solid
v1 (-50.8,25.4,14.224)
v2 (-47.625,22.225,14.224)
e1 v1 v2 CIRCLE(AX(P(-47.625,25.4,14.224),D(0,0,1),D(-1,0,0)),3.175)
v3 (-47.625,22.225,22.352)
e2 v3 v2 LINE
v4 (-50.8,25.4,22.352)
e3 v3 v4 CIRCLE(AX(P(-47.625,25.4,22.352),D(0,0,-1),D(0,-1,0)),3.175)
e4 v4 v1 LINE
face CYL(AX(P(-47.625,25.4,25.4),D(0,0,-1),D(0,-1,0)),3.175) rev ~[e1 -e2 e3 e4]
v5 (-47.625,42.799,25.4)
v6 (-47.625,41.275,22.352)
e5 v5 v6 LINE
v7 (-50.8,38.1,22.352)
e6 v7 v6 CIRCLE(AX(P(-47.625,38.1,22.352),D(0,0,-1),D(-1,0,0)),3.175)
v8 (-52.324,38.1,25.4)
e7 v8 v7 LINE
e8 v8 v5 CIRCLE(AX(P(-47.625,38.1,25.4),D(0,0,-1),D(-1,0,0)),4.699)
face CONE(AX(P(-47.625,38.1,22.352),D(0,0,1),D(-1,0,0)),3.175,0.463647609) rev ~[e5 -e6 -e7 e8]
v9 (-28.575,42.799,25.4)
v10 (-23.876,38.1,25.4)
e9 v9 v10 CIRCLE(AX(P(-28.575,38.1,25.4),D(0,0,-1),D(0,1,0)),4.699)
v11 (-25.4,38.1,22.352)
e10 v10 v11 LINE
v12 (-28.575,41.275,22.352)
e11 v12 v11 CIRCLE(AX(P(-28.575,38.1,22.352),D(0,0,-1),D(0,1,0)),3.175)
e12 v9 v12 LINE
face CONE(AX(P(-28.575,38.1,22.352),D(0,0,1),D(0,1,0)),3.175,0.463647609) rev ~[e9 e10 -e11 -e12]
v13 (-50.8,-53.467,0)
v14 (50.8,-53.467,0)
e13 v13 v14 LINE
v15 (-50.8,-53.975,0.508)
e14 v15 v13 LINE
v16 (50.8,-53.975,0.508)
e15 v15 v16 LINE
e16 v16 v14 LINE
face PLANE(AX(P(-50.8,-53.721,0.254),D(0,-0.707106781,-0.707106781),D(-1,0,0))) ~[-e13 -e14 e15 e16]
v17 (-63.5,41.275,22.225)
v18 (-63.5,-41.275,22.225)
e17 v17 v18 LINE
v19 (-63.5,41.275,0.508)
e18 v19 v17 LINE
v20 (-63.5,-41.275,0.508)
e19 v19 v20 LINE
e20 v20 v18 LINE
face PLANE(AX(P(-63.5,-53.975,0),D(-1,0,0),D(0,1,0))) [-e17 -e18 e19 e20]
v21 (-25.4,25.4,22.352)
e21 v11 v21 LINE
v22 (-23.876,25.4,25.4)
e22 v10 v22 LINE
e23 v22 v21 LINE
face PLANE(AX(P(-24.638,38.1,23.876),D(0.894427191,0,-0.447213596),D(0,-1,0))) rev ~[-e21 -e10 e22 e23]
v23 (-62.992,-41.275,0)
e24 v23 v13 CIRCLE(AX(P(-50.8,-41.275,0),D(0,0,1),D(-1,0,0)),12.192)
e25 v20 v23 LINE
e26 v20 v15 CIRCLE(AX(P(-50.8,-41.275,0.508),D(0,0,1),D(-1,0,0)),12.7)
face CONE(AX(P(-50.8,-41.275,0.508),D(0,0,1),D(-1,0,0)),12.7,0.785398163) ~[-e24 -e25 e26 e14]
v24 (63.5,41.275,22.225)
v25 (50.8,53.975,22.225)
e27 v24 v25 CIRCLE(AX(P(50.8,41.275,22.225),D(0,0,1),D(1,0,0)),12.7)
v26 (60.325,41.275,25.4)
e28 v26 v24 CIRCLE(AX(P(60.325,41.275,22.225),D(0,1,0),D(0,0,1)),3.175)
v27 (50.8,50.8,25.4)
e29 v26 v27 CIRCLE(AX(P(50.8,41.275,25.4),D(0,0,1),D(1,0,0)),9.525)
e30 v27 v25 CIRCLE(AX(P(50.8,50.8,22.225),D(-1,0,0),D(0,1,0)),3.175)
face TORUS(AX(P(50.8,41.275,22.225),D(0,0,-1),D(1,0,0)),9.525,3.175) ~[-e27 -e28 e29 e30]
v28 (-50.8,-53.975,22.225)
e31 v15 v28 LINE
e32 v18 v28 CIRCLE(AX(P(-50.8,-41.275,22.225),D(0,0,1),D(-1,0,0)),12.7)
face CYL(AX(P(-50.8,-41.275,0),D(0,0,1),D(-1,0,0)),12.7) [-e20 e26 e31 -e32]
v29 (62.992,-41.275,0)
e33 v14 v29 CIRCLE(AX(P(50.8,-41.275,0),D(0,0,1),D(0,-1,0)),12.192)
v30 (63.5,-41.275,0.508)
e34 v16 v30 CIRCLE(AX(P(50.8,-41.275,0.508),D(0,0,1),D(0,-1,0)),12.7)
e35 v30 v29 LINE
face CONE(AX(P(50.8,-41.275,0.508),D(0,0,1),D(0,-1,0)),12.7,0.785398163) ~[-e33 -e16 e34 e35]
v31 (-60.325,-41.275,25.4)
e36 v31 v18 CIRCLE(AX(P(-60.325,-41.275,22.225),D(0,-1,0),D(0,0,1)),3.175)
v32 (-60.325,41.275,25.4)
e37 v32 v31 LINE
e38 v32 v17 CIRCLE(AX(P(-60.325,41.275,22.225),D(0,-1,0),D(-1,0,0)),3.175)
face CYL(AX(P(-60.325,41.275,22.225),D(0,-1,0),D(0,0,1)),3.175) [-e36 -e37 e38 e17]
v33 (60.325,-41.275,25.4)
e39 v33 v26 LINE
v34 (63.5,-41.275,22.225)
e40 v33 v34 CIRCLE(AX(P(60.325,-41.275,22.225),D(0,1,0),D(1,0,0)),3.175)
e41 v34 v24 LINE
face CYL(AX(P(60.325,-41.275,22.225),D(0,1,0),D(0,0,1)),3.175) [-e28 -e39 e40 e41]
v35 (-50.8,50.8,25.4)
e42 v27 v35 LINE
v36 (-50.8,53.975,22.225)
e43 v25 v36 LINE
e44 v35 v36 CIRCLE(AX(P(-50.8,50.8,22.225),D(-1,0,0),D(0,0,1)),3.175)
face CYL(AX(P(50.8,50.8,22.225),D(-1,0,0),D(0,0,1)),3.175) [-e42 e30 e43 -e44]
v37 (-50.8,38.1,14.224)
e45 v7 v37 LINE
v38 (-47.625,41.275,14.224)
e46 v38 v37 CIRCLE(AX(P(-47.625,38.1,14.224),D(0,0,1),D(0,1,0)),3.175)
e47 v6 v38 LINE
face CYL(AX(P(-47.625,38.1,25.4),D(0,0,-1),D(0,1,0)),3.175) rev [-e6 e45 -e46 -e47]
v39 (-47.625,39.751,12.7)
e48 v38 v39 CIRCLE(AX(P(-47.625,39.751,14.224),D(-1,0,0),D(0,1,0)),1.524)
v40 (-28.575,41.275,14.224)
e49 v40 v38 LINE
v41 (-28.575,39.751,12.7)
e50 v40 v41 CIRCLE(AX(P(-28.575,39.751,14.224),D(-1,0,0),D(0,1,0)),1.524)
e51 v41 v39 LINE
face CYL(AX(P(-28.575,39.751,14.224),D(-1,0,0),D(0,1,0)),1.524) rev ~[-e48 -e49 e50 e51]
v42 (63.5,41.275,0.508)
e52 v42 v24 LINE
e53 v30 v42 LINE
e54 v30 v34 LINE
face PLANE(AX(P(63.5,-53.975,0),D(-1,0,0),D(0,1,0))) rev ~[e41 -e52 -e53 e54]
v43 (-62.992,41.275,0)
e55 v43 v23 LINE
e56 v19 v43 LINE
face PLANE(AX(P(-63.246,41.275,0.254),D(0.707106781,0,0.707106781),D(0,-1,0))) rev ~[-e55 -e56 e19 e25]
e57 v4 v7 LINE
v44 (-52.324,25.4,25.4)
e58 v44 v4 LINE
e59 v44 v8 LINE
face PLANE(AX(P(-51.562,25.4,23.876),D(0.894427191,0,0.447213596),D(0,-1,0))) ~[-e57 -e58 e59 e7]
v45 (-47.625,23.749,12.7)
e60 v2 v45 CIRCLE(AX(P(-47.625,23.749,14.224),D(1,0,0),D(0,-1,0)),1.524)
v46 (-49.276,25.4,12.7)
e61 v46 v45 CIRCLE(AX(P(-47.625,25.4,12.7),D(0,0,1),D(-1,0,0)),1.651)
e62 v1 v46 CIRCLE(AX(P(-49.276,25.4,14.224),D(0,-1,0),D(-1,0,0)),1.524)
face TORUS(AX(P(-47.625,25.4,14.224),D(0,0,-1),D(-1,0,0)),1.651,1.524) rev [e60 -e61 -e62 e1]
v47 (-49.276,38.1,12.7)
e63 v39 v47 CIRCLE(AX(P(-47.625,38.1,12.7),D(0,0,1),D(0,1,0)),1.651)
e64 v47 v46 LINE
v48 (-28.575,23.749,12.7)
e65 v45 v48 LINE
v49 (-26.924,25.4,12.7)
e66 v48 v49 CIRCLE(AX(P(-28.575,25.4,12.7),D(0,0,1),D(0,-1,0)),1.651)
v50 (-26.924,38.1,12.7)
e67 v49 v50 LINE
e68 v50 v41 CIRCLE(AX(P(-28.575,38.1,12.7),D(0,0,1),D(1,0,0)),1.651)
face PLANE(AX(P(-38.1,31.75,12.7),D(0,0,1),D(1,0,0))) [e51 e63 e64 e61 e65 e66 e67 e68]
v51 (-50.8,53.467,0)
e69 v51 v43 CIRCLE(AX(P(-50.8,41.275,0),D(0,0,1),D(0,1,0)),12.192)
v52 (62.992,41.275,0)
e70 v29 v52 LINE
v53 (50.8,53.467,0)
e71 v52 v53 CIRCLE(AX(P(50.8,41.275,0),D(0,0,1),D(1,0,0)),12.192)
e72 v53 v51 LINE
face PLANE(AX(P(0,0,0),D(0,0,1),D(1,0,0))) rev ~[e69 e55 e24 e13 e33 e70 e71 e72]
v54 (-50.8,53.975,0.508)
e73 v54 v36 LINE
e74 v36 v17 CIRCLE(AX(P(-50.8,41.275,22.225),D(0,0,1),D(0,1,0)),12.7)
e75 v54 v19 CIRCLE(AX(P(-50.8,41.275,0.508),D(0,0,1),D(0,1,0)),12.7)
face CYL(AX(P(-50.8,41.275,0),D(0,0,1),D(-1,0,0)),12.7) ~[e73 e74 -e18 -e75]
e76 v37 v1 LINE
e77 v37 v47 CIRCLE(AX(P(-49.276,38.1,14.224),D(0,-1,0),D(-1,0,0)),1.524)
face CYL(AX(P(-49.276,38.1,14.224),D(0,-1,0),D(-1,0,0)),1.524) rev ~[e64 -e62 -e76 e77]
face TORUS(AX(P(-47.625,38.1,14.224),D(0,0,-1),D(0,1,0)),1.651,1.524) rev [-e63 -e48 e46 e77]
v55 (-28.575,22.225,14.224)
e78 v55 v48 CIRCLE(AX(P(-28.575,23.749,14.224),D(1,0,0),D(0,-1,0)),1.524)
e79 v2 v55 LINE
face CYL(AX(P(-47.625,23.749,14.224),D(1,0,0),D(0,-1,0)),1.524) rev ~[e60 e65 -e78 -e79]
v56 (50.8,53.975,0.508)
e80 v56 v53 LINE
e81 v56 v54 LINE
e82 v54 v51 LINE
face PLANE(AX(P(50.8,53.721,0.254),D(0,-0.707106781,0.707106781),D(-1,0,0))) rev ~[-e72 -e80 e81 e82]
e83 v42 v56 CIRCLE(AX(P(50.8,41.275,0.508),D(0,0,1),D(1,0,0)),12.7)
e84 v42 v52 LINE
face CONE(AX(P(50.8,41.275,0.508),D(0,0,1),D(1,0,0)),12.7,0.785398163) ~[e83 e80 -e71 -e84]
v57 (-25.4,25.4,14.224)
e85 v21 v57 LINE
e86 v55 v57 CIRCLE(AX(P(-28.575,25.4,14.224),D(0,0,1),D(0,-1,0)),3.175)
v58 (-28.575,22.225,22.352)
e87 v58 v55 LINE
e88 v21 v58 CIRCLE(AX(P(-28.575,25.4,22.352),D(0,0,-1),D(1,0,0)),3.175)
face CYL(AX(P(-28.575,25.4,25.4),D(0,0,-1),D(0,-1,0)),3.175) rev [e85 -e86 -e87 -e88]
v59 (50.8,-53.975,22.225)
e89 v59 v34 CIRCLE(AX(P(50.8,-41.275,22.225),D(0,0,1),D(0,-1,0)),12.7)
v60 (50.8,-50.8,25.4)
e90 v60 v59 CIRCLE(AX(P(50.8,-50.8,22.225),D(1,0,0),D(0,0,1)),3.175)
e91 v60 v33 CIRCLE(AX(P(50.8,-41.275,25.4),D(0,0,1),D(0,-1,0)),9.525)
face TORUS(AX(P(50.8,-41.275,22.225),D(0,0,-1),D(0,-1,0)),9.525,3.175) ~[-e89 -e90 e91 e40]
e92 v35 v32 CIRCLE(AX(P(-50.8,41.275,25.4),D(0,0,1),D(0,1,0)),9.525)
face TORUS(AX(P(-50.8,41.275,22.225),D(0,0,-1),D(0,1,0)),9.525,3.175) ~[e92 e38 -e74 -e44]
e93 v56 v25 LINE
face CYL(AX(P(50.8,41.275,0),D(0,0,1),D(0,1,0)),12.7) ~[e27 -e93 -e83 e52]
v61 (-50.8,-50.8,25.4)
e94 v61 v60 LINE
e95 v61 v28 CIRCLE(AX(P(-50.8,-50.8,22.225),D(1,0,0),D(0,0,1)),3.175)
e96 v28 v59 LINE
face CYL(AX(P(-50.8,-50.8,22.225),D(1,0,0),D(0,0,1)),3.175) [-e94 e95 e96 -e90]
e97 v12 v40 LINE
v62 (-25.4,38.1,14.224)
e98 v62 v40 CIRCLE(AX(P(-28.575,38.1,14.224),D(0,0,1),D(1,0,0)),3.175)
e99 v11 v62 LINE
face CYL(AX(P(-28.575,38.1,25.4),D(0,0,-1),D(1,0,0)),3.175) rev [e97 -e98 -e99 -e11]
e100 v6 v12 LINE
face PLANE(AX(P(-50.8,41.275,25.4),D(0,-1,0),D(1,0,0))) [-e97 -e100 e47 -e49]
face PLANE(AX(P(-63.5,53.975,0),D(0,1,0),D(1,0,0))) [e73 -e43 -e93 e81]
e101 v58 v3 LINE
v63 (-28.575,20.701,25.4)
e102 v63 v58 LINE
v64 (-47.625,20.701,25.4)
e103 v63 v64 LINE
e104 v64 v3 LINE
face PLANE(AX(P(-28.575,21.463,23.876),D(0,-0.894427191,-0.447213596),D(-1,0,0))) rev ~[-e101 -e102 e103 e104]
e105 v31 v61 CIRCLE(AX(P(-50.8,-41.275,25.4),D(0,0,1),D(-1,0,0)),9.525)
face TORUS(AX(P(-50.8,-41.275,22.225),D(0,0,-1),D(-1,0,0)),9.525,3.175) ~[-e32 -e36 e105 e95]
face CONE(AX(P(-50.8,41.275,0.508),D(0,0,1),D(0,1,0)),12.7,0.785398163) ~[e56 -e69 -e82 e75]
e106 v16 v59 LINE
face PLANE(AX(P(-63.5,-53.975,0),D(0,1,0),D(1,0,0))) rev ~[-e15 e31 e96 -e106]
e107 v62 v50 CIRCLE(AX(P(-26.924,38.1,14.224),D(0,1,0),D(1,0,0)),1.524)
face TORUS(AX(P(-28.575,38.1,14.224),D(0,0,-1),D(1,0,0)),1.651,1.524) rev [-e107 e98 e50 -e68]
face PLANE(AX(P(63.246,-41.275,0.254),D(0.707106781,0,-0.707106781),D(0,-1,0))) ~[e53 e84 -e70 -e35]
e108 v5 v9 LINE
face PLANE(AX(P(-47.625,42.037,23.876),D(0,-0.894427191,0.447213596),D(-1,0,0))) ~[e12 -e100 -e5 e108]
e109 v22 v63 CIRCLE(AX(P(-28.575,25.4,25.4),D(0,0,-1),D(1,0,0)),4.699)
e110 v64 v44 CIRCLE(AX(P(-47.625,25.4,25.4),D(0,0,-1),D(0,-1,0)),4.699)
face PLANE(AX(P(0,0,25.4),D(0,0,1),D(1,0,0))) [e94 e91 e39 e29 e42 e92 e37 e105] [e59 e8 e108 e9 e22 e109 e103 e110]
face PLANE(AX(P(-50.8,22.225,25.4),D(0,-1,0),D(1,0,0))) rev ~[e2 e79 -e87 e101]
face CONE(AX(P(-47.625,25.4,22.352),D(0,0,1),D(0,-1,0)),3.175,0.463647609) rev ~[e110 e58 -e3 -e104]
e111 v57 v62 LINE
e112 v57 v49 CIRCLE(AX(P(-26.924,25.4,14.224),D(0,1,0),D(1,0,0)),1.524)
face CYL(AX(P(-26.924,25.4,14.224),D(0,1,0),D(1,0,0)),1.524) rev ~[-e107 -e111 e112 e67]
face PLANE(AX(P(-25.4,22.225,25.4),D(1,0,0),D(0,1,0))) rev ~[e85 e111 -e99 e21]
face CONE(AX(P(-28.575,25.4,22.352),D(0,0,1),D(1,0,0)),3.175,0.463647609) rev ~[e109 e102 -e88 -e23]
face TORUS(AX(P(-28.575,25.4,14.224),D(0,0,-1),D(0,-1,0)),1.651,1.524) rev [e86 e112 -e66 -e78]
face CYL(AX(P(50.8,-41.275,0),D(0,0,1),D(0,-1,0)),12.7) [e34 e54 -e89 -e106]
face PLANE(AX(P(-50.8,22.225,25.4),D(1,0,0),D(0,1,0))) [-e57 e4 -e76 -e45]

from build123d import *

# Parameters (mm, degrees)
F0_W     = 127
F0_H     = 107.95
F1_DEPTH = 25.4
F2_W     = 25.4
F2_H     = 19.05
F3_DEPTH = 12.7
F4_R     = 3.175
F5_R     = 1.524
F6_R     = 12.7
F7_R     = 3.175
F8_SIZE  = 0.508
F9_SIZE2 = 3.048
F9_SIZE  = 1.524


with BuildPart() as f1:
    # F0 (on Top) → F1 (new body)
    with BuildSketch(Plane.XY):
        Rectangle(F0_W, F0_H)
    extrude(amount=F1_DEPTH)

    # F2 (on face) → F3 (cut)
    with BuildSketch(Plane.XY.offset(25.4)):
        with Locations((-38.1, 31.75)):
            Rectangle(F2_W, F2_H)
    extrude(amount=-F3_DEPTH, mode=Mode.SUBTRACT)

    # F4
    f4_edges = [f1.edges().sort_by_distance(p)[0] for p in [
        (-50.8, 41.275, 19.05),
        (-50.8, 22.225, 19.05),
        (-25.4, 22.225, 19.05),
        (-25.4, 41.275, 19.05),
    ]]
    fillet(f4_edges, radius=F4_R)

    # F5
    f5_edges = [f1.edges().sort_by_distance(p)[0] for p in [
        (-38.1, 22.225, 12.7),
    ]]
    fillet(f5_edges, radius=F5_R)

    # F6
    f6_edges = [f1.edges().sort_by_distance(p)[0] for p in [
        (63.5, -53.975, 12.7),
        (63.5, 53.975, 12.7),
        (-63.5, -53.975, 12.7),
        (-63.5, 53.975, 12.7),
    ]]
    fillet(f6_edges, radius=F6_R)

    # F7
    f7_edges = [f1.edges().sort_by_distance(p)[0] for p in [
        (0, -53.975, 25.4),
    ]]
    fillet(f7_edges, radius=F7_R)

    # F8
    f8_edges = [f1.edges().sort_by_distance(p)[0] for p in [
        (0, -53.975, 0),
    ]]
    chamfer(f8_edges, length=F8_SIZE)

    # F9
    f9_edges = [f1.edges().sort_by_distance(p)[0] for p in [
        (-38.1, 41.275, 25.4),
        (-50.8, 38.1, 19.812),
        (-50.8, 31.75, 14.224),
        (-50.8, 31.75, 25.4),
        (-50.8, 25.4, 19.812),
        (-47.625, 41.275, 19.812),
        (-49.870064, 40.345064, 14.224),
        (-49.870064, 40.345064, 25.4),
        (-28.575, 41.275, 19.812),
        (-38.1, 41.275, 14.224),
        (-26.329936, 40.345064, 14.224),
        (-26.329936, 40.345064, 25.4),
        (-25.4, 38.1, 19.812),
        (-25.4, 25.4, 19.812),
        (-25.4, 31.75, 14.224),
        (-25.4, 31.75, 25.4),
        (-26.329936, 23.154936, 14.224),
        (-47.625, 22.225, 19.812),
        (-38.1, 22.225, 14.224),
        (-38.1, 22.225, 25.4),
        (-28.575, 22.225, 19.812),
        (-49.870064, 23.154936, 14.224),
        (-49.870064, 23.154936, 25.4),
    ]]
    chamfer(f9_edges, length=F9_SIZE, length2=F9_SIZE2)


solid = f1.part
